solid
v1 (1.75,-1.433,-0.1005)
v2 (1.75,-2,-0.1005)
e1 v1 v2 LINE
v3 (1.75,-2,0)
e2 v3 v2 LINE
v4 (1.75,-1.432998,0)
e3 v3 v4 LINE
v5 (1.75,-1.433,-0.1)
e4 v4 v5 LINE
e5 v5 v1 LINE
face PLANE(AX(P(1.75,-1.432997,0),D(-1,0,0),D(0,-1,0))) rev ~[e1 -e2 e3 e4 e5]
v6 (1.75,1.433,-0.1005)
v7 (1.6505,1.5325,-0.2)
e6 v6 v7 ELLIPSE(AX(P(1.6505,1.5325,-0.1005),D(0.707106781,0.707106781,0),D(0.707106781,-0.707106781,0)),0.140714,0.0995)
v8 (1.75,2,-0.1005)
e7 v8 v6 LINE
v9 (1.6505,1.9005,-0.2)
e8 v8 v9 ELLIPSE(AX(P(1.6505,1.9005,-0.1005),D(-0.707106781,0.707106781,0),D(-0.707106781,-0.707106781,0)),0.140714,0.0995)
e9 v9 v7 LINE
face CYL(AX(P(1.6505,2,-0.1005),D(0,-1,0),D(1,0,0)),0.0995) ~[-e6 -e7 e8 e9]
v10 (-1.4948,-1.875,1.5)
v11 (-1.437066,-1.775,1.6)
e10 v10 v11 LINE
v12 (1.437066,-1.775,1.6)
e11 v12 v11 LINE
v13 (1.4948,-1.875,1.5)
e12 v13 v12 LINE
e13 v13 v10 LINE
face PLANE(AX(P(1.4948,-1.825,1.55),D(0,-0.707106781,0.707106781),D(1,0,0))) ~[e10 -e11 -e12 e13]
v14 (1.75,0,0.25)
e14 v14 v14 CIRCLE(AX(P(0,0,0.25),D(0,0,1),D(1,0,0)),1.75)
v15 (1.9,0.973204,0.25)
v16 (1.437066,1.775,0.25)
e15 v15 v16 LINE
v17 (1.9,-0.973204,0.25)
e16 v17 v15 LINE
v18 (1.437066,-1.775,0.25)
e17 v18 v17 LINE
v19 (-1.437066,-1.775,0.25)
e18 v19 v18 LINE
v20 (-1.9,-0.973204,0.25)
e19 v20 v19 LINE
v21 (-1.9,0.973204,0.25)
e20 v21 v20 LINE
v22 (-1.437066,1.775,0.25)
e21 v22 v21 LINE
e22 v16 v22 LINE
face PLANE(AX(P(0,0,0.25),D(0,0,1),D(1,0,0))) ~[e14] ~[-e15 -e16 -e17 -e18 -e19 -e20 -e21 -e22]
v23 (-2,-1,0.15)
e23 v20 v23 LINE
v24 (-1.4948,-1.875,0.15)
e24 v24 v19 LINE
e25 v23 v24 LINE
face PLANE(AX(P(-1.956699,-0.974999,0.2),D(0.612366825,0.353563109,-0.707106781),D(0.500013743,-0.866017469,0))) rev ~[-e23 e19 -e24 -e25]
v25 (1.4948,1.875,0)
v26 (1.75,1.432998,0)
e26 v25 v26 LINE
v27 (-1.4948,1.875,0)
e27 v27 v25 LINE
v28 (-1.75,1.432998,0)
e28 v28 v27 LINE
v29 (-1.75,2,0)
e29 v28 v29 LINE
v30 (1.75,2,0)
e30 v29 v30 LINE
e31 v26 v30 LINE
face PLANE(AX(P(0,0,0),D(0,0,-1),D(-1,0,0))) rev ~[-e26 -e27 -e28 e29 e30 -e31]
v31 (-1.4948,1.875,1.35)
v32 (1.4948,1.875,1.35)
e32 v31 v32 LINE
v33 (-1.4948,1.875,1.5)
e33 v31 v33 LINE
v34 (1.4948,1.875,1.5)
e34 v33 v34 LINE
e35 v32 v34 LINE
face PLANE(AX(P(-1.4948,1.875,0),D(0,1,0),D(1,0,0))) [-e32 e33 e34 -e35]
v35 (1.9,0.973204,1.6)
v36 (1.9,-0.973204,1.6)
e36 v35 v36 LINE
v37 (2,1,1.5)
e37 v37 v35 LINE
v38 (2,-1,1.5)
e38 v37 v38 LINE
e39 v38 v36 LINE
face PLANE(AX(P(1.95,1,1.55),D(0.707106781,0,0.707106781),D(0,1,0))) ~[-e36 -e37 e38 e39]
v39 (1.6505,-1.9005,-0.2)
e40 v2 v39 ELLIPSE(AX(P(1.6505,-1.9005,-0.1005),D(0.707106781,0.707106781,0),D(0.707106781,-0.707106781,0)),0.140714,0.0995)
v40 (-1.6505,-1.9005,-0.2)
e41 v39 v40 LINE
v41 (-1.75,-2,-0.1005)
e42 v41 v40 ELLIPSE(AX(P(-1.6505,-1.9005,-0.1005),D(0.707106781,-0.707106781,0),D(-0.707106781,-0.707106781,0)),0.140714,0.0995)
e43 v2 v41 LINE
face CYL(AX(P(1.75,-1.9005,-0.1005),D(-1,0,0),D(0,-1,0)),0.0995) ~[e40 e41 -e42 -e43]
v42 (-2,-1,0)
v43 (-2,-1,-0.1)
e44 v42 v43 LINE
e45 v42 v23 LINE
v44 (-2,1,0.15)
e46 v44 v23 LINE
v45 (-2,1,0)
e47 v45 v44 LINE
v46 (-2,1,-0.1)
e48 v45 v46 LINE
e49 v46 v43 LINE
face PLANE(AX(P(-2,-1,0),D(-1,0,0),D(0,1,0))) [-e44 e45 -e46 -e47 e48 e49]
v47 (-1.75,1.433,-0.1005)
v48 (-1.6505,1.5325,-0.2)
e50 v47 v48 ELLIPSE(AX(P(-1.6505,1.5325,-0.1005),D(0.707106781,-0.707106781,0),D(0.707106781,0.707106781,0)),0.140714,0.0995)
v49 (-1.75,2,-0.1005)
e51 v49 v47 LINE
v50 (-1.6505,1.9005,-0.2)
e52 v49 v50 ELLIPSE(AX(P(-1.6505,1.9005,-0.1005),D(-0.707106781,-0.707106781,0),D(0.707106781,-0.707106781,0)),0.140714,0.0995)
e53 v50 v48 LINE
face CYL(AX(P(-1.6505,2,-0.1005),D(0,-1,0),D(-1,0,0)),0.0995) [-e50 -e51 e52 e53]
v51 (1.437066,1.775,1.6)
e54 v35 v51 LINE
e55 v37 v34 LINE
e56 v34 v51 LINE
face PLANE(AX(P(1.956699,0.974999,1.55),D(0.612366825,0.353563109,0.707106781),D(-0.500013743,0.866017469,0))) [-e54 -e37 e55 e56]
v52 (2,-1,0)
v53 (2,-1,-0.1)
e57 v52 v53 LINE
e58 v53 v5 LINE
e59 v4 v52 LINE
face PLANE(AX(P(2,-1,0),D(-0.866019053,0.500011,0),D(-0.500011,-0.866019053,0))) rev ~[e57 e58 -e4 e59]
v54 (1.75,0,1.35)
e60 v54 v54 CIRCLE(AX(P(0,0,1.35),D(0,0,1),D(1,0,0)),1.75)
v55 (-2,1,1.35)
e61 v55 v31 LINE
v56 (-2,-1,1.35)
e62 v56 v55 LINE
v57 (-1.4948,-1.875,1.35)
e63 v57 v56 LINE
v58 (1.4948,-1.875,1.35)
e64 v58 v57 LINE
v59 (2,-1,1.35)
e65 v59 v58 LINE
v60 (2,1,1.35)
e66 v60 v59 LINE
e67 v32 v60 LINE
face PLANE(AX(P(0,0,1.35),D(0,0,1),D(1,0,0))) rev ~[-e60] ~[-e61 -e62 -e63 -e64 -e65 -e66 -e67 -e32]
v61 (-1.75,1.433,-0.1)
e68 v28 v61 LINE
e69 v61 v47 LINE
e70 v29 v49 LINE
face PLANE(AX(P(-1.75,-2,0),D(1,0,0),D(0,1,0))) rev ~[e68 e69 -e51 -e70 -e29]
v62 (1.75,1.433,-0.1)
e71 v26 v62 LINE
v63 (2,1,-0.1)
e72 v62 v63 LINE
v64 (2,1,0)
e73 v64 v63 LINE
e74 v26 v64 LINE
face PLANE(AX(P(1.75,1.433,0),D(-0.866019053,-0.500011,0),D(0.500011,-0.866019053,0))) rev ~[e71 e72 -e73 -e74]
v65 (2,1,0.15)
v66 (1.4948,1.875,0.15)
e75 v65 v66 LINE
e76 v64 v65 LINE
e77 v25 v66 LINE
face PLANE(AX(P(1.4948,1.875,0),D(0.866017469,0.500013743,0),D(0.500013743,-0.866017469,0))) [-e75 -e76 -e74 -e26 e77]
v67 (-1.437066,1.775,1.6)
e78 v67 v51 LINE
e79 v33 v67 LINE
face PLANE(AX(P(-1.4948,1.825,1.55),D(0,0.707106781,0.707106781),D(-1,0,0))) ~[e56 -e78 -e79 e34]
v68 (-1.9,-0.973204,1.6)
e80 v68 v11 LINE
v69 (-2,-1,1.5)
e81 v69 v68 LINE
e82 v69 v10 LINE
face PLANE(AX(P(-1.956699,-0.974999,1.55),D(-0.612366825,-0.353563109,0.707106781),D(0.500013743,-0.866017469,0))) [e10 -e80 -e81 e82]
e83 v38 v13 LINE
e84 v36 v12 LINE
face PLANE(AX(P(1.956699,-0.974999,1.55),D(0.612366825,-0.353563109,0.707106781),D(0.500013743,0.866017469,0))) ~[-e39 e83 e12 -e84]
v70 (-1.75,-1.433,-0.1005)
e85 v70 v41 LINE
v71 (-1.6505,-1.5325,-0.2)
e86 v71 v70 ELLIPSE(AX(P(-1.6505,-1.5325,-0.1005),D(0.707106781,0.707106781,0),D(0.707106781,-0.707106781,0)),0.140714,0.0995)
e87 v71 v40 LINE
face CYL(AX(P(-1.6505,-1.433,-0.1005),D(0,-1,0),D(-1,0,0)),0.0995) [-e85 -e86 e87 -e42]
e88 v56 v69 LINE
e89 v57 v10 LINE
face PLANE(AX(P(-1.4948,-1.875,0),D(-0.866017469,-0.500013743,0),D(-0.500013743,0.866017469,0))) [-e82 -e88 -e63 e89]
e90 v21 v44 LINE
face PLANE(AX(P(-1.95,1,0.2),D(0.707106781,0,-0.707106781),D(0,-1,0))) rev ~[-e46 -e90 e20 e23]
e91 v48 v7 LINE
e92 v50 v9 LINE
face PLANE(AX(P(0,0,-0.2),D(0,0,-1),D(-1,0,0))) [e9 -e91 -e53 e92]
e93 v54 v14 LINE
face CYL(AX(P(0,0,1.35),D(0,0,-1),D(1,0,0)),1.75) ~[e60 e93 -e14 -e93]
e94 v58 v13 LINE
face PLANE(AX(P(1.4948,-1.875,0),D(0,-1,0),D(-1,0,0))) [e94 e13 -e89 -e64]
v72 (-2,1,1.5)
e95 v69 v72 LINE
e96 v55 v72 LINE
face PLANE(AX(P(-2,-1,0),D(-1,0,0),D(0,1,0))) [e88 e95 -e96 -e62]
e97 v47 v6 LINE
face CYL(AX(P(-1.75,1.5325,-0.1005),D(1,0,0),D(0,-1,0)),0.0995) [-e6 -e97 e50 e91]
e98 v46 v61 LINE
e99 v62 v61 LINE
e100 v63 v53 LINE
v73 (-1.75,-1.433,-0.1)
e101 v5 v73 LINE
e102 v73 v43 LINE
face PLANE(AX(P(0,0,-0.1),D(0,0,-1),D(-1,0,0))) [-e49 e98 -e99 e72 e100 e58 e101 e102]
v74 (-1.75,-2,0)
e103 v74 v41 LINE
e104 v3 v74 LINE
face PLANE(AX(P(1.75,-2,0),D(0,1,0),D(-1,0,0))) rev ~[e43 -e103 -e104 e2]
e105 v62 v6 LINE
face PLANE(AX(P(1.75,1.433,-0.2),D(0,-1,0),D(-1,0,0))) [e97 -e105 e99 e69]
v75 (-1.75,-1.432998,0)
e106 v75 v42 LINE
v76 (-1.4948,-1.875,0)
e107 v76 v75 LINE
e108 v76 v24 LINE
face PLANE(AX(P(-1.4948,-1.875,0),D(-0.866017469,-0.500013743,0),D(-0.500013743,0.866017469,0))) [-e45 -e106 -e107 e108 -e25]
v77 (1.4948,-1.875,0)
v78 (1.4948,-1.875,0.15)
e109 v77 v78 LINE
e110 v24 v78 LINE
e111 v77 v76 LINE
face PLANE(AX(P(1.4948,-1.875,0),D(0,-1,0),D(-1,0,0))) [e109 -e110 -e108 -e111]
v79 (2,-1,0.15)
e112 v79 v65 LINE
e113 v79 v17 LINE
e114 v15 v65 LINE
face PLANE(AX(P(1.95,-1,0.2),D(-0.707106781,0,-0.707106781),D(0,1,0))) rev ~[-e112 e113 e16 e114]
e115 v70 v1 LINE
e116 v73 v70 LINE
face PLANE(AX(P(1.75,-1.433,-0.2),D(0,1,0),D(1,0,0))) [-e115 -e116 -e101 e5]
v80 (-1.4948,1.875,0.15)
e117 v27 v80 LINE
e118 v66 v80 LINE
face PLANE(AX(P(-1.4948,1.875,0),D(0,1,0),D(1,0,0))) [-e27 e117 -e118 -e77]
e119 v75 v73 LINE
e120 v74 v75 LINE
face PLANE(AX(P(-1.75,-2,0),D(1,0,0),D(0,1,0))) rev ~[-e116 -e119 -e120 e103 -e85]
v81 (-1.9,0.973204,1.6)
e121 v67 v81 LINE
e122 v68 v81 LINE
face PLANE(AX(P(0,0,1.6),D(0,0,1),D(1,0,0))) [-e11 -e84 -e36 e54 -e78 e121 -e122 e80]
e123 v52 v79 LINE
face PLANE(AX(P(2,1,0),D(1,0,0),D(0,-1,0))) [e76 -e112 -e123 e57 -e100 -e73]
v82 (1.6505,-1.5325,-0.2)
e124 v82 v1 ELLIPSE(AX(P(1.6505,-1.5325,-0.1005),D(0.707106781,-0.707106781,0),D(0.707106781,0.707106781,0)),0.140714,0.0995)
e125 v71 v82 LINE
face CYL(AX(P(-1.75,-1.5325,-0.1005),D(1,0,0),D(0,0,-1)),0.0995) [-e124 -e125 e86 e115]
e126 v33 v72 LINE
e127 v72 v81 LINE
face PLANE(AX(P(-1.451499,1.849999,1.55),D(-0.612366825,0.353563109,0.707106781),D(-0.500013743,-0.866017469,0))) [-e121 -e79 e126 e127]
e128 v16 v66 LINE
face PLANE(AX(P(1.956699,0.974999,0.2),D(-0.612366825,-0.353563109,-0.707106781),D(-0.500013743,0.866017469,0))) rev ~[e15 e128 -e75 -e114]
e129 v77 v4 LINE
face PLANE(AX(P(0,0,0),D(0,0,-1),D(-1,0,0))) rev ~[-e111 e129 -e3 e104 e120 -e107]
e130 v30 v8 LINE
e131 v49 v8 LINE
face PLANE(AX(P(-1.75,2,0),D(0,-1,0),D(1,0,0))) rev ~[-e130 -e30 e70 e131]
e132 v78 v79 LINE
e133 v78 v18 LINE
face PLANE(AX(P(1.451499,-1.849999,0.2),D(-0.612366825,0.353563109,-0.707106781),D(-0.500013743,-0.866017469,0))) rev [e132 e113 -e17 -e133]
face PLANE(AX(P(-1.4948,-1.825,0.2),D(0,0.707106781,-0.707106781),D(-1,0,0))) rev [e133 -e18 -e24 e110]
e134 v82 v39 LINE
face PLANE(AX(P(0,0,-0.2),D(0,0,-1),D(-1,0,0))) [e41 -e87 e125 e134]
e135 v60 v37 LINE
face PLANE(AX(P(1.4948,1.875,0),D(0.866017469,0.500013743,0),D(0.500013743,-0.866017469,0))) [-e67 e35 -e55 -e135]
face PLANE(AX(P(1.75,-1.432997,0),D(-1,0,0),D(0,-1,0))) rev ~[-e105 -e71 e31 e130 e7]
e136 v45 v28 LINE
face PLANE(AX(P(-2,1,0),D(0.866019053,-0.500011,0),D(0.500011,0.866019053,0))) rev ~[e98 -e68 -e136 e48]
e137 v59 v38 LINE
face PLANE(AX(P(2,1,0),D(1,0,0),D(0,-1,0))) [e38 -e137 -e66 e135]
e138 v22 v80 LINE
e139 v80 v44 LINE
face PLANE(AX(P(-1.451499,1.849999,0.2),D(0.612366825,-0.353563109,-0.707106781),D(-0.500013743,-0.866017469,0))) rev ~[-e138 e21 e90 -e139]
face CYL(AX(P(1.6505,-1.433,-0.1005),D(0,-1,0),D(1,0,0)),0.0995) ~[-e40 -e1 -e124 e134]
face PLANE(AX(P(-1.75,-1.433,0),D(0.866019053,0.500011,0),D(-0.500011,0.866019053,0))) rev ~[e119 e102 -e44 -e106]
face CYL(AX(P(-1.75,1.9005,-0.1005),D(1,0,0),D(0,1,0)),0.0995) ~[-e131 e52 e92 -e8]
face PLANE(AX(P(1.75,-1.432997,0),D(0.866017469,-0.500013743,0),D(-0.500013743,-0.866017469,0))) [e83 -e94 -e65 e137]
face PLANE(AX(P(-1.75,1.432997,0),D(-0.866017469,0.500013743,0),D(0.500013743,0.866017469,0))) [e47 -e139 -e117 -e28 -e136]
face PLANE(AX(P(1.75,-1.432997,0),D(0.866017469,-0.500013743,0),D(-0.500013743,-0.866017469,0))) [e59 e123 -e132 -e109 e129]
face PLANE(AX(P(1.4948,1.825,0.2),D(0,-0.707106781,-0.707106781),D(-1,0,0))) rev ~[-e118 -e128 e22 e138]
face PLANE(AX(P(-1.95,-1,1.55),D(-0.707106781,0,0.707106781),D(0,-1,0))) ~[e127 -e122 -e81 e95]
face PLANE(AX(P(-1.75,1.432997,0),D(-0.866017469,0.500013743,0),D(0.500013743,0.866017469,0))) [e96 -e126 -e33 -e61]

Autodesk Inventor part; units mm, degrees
ref_plane "YZ Plane" through (0, 0, 0) normal (1, 0, 0) x (0, 1, 0)
ref_plane "XZ Plane" through (0, 0, 0) normal (0, 1, 0) x (-1, 0, 0)
ref_plane "XY Plane" through (0, 0, 0) normal (0, 0, 1) x (1, 0, 0)
sketch "Sketch1" plane through (0, 0, 0) normal (0, 0, 1) x (1, 0, 0)
  line L0 (1.75, -2) -> (-1.75, -2)
  line L1 (-1.75, -2) -> (-1.75, 2)
  line L2 (-1.75, 2) -> (1.75, 2)
  line L3 (1.75, 2) -> (1.75, -2)
  line L4 (1.75, -2) -> (-1.75, 2) construction
  line L5 (-1.75, -2) -> (1.75, 2) construction
  line L6 (-2, -1) -> (-2, 1)
  line L7 (-2, 1) -> (-1.4948, 1.875)
  line L8 (-1.4948, 1.875) -> (1.4948, 1.875)
  line L9 (1.4948, 1.875) -> (2, 1)
  line L10 (2, 1) -> (2, -1)
  line L11 (2, -1) -> (1.4948, -1.875)
  line L12 (1.4948, -1.875) -> (-1.4948, -1.875)
  line L13 (-1.4948, -1.875) -> (-2, -1)
  line L14 (-2, -1) -> (2, 1) construction
  line L15 (-2, 1) -> (2, -1) construction
  point P0 (0, 0)
  point P1 (0, 0)
  dimension "d0" = 3.5
  dimension "d1" = 4
  dimension "d2" = 4
  dimension "d3" = 3.75
  dimension "d6" = 150
  dimension "d7" = 150
  dimension "d8" = 2
extrude "Extrusion1" add sketch "Sketch1" along normal blind 1.6 contours L11 L12 L13 L1 L7 L8 L9 L3 | L3 L9 L10 L11 | L13 L6 L7 L1
sketch "Sketch2" plane through (0, 0, 0) normal (0, 0, -1) x (-1, 0, 0)
  line L0 (2, -1) -> (2, 1) projected
  line L1 (2, 1) -> (1.4948, 1.875) projected
  line L2 (1.4948, 1.875) -> (-1.4948, 1.875) projected
  line L3 (-1.4948, 1.875) -> (-2, 1) projected
  line L4 (-2, 1) -> (-2, -1) projected
  line L5 (-2, -1) -> (-1.4948, -1.875) projected
  line L6 (-1.4948, -1.875) -> (1.4948, -1.875) projected
  line L7 (1.4948, -1.875) -> (2, -1) projected
  line L8 (-1.75, -2) -> (1.75, -2)
  line L9 (1.75, -2) -> (1.75, 2)
  line L10 (1.75, 2) -> (-1.75, 2)
  line L11 (-1.75, 2) -> (-1.75, -2)
  line L12 (-1.75, -2) -> (1.75, 2) construction
  line L13 (1.75, -2) -> (-1.75, 2) construction
  point P0 (0, 0)
  dimension "d11" = 3.5
  dimension "d12" = 4
extrude "Extrusion2" add sketch "Sketch2" along normal blind 0.2 contours L9 L8 L11 L5 L6 L7 | L7 L6 L5 L11 L3 L2 L1 L9 | L1 L2 L3 L11 L10 L9
sketch "Sketch3" plane through (0, 0, 0) normal (0, 0, -1) x (-1, 0, 0)
  line L0 (-1.75, -1.433) -> (-1.75, 1.433) projected
  line L1 (-1.75, 1.433) -> (-2, 1) projected
  line L2 (-2, 1) -> (-2, -1) projected
  line L3 (-2, -1) -> (-1.75, -1.433) projected
  line L4 (1.75, 1.433) -> (1.75, -1.433) projected
  line L5 (1.75, -1.433) -> (2, -1) projected
  line L6 (2, -1) -> (2, 1) projected
  line L7 (2, 1) -> (1.75, 1.433) projected
  point P0 (0, 0)
extrude "Extrusion3" add sketch "Sketch3" along normal up to surface (0.2 mm away)
sketch "Sketch4" plane through (0, 0, 0) normal (0, 1, 0) x (-1, 0, 0)
  line L0 (-2, 1.6) -> (-2, -0.2) projected
  line L1 (-1.4948, 1.6) -> (-2, 1.6) projected
  line L2 (-1.4948, 0) -> (-1.4948, 1.6) projected
  line L3 (-1.75, 0) -> (-1.4948, 0) projected
  line L4 (-1.75, -0.2) -> (-1.75, 0) projected
  line L5 (-1.75, -0.2) -> (-2, -0.2) projected
  line L6 (1.4948, 0) -> (1.75, 0) projected
  line L7 (1.4948, 0) -> (1.4948, 1.6) projected
  line L8 (2, 1.6) -> (1.4948, 1.6) projected
  line L9 (2, -0.2) -> (2, 1.6) projected
  line L10 (2, -0.2) -> (1.75, -0.2) projected
  line L11 (1.75, 0) -> (1.75, -0.2) projected
  line L12 (-3.75, 1.35) -> (-1.75, 1.35)
  line L13 (-1.75, 1.35) -> (-1.75, 0.25)
  line L14 (-1.75, 0.25) -> (-3.75, 0.25)
  line L15 (-3.75, 0.25) -> (-3.75, 1.35)
  line L16 (-1.75, -0.2) -> (1.75, -0.2) projected
  line L17 (0, -0.56) -> (0, 1.96) projected
  point P0 (0, 0)
  dimension "d18" = 0.25
  dimension "d19" = 0.25
  dimension "d21" = 2
  dimension "d22" = 0.25
revolve "Revolution1" cut sketch "Sketch4" angle 360 about axis through (0, 0, -10) along (0, 0, 1) contours L12 L13 L14 L0 | L0 L14 L15 L12
sketch "Sketch5" plane through (0, 0, -0.2) normal (0, 0, -1) x (-1, 0, 0)
  line L0 (-1.75, -2) -> (1.75, -2) projected
  line L1 (1.75, -2) -> (1.75, -1.433) projected
  line L2 (2, -1) -> (1.75, -1.433) projected
  line L3 (2, 1) -> (2, -1) projected
  line L4 (1.75, 1.433) -> (2, 1) projected
  line L5 (1.75, 1.433) -> (1.75, 2) projected
  line L6 (1.75, 2) -> (-1.75, 2) projected
  line L7 (-1.75, 2) -> (-1.75, 1.433) projected
  line L8 (-2, 1) -> (-1.75, 1.433) projected
  line L9 (-2, -1) -> (-2, 1) projected
  line L10 (-1.75, -1.433) -> (-2, -1) projected
  line L11 (-1.75, -1.433) -> (-1.75, -2) projected
  line L12 (2, -1.433) -> (-2, -1.433)
  line L13 (-2, -1.433) -> (-2, 1.433)
  line L14 (-2, 1.433) -> (2, 1.433)
  line L15 (2, 1.433) -> (2, -1.433)
  line L16 (2, -1.433) -> (-2, 1.433) construction
  line L17 (-2, -1.433) -> (2, 1.433) construction
  point P0 (0, 0)
extrude "Extrusion4" cut sketch "Sketch5" against normal blind 0.1 contours L12 L13 L10 | L10 L9 L8 L14 L4 L3 L2 L12 | L2 L15 L12 | L13 L14 L8 | L4 L14 L15
chamfer "Chamfer1" distance 0.1 angle 45 16 edges at (0, -1.875, 1.6) (1.7474, -1.4375, 1.6) (2, 0, 1.6) (1.7474, 1.4375, 1.6) (0, 1.875, 1.6) (-1.7474, 1.4375, 1.6) (-2, 0, 1.6) (-1.7474, -1.4375, 1.6) (0, -1.875, 0.25) (1.7474, -1.4375, 0.25) (2, 0, 0.25) (1.7474, 1.4375, 0.25) (0, 1.875, 0.25) (-1.7474, 1.4375, 0.25) (-2, 0, 0.25) (-1.7474, -1.4375, 0.25)
fillet "Fillet1" radius 0.1 8 edges at (0, 1.433, -0.2) (0, -1.433, -0.2) (-1.75, -1.7165, -0.2) (1.75, -1.7165, -0.2) (0, -2, -0.2) (1.75, 1.7165, -0.2) (0, 2, -0.2) (-1.75, 1.7165, -0.2)
properties part number "SRN4018" material "ABS Plastic"
